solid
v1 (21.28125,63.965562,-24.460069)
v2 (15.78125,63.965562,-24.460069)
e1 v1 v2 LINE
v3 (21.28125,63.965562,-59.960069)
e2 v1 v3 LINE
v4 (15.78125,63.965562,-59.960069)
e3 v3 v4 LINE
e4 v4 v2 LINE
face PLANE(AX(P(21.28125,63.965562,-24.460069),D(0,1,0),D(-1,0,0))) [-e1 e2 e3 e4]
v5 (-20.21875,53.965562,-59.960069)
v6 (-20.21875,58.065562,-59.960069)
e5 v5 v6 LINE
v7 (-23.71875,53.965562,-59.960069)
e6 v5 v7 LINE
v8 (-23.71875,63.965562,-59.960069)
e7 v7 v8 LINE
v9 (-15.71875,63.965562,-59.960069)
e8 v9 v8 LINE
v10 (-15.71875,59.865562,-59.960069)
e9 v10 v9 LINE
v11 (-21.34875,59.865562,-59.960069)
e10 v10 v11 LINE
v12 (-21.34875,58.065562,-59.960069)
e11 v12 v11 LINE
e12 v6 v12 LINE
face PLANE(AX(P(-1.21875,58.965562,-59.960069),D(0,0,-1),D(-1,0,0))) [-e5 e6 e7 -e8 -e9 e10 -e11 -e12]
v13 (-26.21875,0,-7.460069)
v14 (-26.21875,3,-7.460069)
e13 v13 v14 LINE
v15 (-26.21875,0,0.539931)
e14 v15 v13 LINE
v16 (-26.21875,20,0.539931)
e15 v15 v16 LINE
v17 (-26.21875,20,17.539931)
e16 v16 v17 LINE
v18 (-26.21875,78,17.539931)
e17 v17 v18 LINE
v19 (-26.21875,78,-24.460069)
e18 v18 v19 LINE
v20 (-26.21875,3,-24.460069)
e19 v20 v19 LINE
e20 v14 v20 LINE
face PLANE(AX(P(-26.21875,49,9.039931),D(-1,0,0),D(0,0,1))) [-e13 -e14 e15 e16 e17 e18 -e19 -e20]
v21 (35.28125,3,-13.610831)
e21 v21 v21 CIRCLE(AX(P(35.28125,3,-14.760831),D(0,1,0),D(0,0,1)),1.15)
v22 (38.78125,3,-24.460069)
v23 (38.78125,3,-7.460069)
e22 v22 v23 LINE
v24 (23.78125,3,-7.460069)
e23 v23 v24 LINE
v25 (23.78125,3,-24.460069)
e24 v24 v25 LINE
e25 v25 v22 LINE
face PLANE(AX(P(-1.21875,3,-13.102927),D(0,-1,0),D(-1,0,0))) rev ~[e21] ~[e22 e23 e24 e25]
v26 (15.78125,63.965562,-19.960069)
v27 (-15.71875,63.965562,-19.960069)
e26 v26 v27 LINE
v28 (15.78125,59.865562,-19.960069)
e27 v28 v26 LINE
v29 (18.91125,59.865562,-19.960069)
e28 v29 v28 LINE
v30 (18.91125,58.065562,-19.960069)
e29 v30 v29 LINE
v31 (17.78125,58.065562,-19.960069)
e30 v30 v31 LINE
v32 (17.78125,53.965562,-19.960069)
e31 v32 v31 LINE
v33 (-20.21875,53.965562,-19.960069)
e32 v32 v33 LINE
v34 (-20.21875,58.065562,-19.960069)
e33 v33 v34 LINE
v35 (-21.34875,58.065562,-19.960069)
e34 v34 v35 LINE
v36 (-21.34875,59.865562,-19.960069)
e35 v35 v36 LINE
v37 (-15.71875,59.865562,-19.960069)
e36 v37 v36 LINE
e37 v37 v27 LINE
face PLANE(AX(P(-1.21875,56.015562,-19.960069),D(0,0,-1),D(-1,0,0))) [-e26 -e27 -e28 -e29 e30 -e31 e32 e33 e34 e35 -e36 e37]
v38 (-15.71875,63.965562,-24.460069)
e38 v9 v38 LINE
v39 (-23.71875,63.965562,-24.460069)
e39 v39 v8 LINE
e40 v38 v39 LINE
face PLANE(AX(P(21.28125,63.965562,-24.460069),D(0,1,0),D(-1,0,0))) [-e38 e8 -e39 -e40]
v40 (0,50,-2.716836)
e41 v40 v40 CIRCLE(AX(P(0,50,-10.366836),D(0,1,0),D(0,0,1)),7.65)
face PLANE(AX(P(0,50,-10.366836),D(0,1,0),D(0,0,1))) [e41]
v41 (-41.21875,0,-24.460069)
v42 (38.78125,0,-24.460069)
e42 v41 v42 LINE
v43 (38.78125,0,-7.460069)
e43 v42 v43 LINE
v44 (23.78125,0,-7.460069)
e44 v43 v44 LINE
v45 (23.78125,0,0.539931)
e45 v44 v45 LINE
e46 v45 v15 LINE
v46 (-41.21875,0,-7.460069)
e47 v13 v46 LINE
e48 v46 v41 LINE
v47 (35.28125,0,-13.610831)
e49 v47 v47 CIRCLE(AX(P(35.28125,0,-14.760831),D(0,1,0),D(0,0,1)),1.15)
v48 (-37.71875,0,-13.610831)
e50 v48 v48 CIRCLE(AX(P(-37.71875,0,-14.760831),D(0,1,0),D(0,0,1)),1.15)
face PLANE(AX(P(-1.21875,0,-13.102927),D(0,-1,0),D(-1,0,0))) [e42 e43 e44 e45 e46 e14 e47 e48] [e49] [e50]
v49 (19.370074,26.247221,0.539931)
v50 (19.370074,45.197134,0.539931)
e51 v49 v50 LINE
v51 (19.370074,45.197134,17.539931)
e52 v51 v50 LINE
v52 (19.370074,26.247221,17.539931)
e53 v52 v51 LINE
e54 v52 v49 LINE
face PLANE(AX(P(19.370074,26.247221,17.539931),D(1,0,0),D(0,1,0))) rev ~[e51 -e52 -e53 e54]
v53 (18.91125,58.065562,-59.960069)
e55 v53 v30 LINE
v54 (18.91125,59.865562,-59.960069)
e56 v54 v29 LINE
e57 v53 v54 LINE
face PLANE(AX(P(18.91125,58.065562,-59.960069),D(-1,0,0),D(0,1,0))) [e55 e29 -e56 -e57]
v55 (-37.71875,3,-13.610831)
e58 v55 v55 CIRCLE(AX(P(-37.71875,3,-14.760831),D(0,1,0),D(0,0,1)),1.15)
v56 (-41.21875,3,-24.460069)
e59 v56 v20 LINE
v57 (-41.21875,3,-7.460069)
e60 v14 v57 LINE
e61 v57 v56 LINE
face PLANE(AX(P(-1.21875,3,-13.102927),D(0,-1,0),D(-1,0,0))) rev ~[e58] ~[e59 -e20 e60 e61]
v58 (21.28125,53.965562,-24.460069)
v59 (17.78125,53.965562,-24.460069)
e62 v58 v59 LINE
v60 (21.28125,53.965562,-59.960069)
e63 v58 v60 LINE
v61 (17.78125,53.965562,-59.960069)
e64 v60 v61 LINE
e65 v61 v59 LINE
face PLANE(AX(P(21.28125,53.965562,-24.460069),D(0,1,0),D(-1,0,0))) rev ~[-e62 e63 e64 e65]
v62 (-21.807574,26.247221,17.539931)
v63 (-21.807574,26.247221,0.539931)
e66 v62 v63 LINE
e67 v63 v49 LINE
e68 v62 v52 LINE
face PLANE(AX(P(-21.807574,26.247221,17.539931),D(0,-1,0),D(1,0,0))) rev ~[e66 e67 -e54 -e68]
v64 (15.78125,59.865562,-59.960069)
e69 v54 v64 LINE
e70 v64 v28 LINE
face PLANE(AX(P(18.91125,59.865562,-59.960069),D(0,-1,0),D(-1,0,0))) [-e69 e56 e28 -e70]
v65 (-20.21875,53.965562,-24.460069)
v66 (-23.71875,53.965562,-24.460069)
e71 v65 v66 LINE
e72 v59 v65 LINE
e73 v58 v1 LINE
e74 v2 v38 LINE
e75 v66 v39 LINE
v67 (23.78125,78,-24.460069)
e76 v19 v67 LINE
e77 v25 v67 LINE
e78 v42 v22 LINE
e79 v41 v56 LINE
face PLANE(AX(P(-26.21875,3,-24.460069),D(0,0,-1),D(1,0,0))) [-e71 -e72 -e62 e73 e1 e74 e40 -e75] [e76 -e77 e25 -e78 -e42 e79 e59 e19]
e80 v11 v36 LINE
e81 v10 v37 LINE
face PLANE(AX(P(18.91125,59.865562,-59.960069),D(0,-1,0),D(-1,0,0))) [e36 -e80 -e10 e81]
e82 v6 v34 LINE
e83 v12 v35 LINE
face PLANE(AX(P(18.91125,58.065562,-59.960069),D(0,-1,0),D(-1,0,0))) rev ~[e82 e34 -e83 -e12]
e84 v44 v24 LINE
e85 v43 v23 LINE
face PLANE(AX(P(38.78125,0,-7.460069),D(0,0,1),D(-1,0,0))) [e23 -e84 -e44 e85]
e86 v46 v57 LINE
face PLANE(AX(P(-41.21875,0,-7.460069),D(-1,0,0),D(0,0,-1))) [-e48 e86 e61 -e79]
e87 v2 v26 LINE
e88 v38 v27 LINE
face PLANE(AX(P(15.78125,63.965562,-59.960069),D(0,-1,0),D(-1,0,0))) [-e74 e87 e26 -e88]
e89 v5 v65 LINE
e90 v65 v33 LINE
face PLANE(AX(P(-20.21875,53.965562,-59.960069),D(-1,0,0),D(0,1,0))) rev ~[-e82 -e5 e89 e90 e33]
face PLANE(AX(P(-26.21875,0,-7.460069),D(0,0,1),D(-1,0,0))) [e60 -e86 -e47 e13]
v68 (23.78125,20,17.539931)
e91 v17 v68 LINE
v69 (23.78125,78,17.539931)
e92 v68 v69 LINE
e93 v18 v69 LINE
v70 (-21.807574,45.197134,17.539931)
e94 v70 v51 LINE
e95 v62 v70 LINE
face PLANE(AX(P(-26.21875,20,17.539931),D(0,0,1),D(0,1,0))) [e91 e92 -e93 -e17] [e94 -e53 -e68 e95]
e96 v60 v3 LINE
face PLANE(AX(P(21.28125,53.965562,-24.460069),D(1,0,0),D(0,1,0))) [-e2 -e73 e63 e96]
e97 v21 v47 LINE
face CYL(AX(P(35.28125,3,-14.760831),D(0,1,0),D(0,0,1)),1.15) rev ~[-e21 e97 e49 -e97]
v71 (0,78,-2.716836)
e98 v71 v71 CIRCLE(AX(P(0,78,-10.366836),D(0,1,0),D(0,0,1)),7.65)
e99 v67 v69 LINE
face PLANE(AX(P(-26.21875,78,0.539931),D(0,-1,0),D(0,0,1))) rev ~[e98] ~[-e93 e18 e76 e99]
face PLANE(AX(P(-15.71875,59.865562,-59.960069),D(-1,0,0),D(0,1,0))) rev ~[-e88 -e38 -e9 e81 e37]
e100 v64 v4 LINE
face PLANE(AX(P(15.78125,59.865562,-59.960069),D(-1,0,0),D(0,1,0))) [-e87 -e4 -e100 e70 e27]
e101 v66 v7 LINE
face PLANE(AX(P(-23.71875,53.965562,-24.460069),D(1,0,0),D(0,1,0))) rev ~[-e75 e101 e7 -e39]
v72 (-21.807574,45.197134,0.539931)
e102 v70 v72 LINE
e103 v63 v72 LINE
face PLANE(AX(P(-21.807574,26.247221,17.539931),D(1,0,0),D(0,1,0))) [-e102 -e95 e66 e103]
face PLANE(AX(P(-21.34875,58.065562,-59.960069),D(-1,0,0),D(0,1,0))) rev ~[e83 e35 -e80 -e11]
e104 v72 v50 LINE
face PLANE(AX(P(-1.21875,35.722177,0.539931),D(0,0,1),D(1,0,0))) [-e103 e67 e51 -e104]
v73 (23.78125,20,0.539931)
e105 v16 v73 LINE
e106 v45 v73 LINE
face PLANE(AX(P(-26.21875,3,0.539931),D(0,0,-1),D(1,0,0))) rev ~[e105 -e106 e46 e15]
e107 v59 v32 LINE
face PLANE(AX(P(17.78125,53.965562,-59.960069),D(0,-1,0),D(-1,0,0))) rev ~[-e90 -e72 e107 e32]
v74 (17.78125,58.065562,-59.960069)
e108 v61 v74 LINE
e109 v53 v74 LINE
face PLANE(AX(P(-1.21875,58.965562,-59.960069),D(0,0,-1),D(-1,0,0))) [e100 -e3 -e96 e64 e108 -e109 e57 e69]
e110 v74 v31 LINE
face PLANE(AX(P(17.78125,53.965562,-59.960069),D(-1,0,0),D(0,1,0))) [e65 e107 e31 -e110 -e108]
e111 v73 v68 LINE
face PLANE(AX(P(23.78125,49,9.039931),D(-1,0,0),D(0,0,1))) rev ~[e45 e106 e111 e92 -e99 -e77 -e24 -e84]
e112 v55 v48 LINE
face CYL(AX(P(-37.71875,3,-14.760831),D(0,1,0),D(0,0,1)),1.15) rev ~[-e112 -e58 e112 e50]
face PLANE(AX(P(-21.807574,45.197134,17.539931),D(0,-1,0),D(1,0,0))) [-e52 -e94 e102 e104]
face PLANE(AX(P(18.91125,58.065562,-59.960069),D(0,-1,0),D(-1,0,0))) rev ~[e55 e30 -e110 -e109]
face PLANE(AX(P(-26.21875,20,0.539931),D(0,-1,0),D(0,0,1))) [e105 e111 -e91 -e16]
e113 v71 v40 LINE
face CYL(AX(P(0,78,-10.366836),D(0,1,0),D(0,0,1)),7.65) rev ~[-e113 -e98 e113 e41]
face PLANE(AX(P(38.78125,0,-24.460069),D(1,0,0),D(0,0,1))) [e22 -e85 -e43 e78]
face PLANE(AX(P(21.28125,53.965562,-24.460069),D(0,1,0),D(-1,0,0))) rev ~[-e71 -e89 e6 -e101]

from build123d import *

# Parameters (mm, degrees)
OG_BASE_DEPTH       = 3
SKETCH5_R           = 1.15
CUT_EXTRUDE1_DEPTH  = 3
SKETCH6_W           = 50
SKETCH6_H           = 25
BOSS_EXTRUDE3_DEPTH = 75
SKETCH8_W           = 17
SKETCH8_H           = 58
BOSS_EXTRUDE4_DEPTH = 50
SKETCH10_W          = 45
SKETCH10_H          = 10
BOSS_EXTRUDE5_DEPTH = 35.5
SKETCH11_W          = 40.26
SKETCH11_H          = 1.8
CUT_EXTRUDE2_DEPTH  = 40
SKETCH13_W          = 38
SKETCH13_H          = 4.1
CUT_EXTRUDE3_DEPTH  = 40
SKETCH14_W          = 31.5
SKETCH14_H          = 4.1
CUT_EXTRUDE4_DEPTH  = 40
SKETCH19_R          = 7.65
CUT_EXTRUDE6_DEPTH  = 28
SKETCH21_W          = 41.177647426
SKETCH21_H          = 18.949912373
CUT_EXTRUDE7_DEPTH  = 17


with BuildPart() as part:
    # Sketch3 → OG base (new body)
    with BuildSketch(Plane(origin=(0, 0, 0), x_dir=(1, 0, 0), z_dir=(0, 1, 0))):
        Polygon((-41.21875, 24.460069444), (38.78125, 24.460069444), (38.78125, 7.460069444), (23.78125, 7.460069444), (23.78125, -0.539930556), (-26.21875, -0.539930556), (-26.21875, 7.460069444), (-41.21875, 7.460069444), align=None)
    extrude(amount=OG_BASE_DEPTH)

    # Sketch5 → Cut-Extrude1 (cut)
    with BuildSketch(Plane(origin=(0, 3, 0), x_dir=(1, 0, 0), z_dir=(0, 1, 0))):
        with Locations(Location((-37.71875, 14.760831394, 0), (0, 0, 270))):
            Circle(SKETCH5_R)
        with Locations(Location((35.28125, 14.760831394, 0), (0, 0, 270))):
            Circle(SKETCH5_R)
    extrude(amount=-CUT_EXTRUDE1_DEPTH, mode=Mode.SUBTRACT)

    # Sketch6 → Boss-Extrude3 (add)
    with BuildSketch(Plane(origin=(0, 3, 0), x_dir=(1, 0, 0), z_dir=(0, 1, 0))):
        with Locations((-1.21875, 11.960069444)):
            Rectangle(SKETCH6_W, SKETCH6_H)
    extrude(amount=BOSS_EXTRUDE3_DEPTH)

    # Sketch8 → Boss-Extrude4 (add)
    with BuildSketch(Plane.ZY.offset(26.21875)):
        with Locations((9.039930556, 49)):
            Rectangle(SKETCH8_W, SKETCH8_H)
    extrude(amount=-BOSS_EXTRUDE4_DEPTH)

    # Sketch10 → Boss-Extrude5 (add)
    with BuildSketch(Plane(origin=(0, 0, -24.460069444), x_dir=(-1, 0, 0), z_dir=(0, 0, -1))):
        with Locations((1.21875, 58.965562055)):
            Rectangle(SKETCH10_W, SKETCH10_H)
    extrude(amount=BOSS_EXTRUDE5_DEPTH)

    # Sketch11 → Cut-Extrude2 (cut)
    with BuildSketch(Plane(origin=(0, 0, -59.960069444), x_dir=(-1, 0, 0), z_dir=(0, 0, -1))):
        with Locations((1.21875, 58.965562055)):
            Rectangle(SKETCH11_W, SKETCH11_H)
    extrude(amount=-CUT_EXTRUDE2_DEPTH, mode=Mode.SUBTRACT)

    # Sketch13 → Cut-Extrude3 (cut)
    with BuildSketch(Plane(origin=(0, 0, -59.960069444), x_dir=(-1, 0, 0), z_dir=(0, 0, -1))):
        with Locations((1.21875, 56.015562055)):
            Rectangle(SKETCH13_W, SKETCH13_H)
    extrude(amount=-CUT_EXTRUDE3_DEPTH, mode=Mode.SUBTRACT)

    # Sketch14 → Cut-Extrude4 (cut)
    with BuildSketch(Plane(origin=(0, 0, -59.960069444), x_dir=(-1, 0, 0), z_dir=(0, 0, -1))):
        with Locations((-0.03125, 61.915562055)):
            Rectangle(SKETCH14_W, SKETCH14_H)
    extrude(amount=-CUT_EXTRUDE4_DEPTH, mode=Mode.SUBTRACT)

    # Sketch19 → Cut-Extrude6 (cut)
    with BuildSketch(Plane(origin=(0, 78, 0), x_dir=(1, 0, 0), z_dir=(0, 1, 0))):
        with Locations(Location((0, 10.366835576, 0), (0, 0, 270))):
            Circle(SKETCH19_R)
    extrude(amount=-CUT_EXTRUDE6_DEPTH, mode=Mode.SUBTRACT)

    # Sketch21 → Cut-Extrude7 (cut)
    with BuildSketch(Plane.XY.offset(17.539930556)):
        with Locations((-1.21875, 35.722177319)):
            Rectangle(SKETCH21_W, SKETCH21_H)
    extrude(amount=-CUT_EXTRUDE7_DEPTH, mode=Mode.SUBTRACT)


solid = part.part
